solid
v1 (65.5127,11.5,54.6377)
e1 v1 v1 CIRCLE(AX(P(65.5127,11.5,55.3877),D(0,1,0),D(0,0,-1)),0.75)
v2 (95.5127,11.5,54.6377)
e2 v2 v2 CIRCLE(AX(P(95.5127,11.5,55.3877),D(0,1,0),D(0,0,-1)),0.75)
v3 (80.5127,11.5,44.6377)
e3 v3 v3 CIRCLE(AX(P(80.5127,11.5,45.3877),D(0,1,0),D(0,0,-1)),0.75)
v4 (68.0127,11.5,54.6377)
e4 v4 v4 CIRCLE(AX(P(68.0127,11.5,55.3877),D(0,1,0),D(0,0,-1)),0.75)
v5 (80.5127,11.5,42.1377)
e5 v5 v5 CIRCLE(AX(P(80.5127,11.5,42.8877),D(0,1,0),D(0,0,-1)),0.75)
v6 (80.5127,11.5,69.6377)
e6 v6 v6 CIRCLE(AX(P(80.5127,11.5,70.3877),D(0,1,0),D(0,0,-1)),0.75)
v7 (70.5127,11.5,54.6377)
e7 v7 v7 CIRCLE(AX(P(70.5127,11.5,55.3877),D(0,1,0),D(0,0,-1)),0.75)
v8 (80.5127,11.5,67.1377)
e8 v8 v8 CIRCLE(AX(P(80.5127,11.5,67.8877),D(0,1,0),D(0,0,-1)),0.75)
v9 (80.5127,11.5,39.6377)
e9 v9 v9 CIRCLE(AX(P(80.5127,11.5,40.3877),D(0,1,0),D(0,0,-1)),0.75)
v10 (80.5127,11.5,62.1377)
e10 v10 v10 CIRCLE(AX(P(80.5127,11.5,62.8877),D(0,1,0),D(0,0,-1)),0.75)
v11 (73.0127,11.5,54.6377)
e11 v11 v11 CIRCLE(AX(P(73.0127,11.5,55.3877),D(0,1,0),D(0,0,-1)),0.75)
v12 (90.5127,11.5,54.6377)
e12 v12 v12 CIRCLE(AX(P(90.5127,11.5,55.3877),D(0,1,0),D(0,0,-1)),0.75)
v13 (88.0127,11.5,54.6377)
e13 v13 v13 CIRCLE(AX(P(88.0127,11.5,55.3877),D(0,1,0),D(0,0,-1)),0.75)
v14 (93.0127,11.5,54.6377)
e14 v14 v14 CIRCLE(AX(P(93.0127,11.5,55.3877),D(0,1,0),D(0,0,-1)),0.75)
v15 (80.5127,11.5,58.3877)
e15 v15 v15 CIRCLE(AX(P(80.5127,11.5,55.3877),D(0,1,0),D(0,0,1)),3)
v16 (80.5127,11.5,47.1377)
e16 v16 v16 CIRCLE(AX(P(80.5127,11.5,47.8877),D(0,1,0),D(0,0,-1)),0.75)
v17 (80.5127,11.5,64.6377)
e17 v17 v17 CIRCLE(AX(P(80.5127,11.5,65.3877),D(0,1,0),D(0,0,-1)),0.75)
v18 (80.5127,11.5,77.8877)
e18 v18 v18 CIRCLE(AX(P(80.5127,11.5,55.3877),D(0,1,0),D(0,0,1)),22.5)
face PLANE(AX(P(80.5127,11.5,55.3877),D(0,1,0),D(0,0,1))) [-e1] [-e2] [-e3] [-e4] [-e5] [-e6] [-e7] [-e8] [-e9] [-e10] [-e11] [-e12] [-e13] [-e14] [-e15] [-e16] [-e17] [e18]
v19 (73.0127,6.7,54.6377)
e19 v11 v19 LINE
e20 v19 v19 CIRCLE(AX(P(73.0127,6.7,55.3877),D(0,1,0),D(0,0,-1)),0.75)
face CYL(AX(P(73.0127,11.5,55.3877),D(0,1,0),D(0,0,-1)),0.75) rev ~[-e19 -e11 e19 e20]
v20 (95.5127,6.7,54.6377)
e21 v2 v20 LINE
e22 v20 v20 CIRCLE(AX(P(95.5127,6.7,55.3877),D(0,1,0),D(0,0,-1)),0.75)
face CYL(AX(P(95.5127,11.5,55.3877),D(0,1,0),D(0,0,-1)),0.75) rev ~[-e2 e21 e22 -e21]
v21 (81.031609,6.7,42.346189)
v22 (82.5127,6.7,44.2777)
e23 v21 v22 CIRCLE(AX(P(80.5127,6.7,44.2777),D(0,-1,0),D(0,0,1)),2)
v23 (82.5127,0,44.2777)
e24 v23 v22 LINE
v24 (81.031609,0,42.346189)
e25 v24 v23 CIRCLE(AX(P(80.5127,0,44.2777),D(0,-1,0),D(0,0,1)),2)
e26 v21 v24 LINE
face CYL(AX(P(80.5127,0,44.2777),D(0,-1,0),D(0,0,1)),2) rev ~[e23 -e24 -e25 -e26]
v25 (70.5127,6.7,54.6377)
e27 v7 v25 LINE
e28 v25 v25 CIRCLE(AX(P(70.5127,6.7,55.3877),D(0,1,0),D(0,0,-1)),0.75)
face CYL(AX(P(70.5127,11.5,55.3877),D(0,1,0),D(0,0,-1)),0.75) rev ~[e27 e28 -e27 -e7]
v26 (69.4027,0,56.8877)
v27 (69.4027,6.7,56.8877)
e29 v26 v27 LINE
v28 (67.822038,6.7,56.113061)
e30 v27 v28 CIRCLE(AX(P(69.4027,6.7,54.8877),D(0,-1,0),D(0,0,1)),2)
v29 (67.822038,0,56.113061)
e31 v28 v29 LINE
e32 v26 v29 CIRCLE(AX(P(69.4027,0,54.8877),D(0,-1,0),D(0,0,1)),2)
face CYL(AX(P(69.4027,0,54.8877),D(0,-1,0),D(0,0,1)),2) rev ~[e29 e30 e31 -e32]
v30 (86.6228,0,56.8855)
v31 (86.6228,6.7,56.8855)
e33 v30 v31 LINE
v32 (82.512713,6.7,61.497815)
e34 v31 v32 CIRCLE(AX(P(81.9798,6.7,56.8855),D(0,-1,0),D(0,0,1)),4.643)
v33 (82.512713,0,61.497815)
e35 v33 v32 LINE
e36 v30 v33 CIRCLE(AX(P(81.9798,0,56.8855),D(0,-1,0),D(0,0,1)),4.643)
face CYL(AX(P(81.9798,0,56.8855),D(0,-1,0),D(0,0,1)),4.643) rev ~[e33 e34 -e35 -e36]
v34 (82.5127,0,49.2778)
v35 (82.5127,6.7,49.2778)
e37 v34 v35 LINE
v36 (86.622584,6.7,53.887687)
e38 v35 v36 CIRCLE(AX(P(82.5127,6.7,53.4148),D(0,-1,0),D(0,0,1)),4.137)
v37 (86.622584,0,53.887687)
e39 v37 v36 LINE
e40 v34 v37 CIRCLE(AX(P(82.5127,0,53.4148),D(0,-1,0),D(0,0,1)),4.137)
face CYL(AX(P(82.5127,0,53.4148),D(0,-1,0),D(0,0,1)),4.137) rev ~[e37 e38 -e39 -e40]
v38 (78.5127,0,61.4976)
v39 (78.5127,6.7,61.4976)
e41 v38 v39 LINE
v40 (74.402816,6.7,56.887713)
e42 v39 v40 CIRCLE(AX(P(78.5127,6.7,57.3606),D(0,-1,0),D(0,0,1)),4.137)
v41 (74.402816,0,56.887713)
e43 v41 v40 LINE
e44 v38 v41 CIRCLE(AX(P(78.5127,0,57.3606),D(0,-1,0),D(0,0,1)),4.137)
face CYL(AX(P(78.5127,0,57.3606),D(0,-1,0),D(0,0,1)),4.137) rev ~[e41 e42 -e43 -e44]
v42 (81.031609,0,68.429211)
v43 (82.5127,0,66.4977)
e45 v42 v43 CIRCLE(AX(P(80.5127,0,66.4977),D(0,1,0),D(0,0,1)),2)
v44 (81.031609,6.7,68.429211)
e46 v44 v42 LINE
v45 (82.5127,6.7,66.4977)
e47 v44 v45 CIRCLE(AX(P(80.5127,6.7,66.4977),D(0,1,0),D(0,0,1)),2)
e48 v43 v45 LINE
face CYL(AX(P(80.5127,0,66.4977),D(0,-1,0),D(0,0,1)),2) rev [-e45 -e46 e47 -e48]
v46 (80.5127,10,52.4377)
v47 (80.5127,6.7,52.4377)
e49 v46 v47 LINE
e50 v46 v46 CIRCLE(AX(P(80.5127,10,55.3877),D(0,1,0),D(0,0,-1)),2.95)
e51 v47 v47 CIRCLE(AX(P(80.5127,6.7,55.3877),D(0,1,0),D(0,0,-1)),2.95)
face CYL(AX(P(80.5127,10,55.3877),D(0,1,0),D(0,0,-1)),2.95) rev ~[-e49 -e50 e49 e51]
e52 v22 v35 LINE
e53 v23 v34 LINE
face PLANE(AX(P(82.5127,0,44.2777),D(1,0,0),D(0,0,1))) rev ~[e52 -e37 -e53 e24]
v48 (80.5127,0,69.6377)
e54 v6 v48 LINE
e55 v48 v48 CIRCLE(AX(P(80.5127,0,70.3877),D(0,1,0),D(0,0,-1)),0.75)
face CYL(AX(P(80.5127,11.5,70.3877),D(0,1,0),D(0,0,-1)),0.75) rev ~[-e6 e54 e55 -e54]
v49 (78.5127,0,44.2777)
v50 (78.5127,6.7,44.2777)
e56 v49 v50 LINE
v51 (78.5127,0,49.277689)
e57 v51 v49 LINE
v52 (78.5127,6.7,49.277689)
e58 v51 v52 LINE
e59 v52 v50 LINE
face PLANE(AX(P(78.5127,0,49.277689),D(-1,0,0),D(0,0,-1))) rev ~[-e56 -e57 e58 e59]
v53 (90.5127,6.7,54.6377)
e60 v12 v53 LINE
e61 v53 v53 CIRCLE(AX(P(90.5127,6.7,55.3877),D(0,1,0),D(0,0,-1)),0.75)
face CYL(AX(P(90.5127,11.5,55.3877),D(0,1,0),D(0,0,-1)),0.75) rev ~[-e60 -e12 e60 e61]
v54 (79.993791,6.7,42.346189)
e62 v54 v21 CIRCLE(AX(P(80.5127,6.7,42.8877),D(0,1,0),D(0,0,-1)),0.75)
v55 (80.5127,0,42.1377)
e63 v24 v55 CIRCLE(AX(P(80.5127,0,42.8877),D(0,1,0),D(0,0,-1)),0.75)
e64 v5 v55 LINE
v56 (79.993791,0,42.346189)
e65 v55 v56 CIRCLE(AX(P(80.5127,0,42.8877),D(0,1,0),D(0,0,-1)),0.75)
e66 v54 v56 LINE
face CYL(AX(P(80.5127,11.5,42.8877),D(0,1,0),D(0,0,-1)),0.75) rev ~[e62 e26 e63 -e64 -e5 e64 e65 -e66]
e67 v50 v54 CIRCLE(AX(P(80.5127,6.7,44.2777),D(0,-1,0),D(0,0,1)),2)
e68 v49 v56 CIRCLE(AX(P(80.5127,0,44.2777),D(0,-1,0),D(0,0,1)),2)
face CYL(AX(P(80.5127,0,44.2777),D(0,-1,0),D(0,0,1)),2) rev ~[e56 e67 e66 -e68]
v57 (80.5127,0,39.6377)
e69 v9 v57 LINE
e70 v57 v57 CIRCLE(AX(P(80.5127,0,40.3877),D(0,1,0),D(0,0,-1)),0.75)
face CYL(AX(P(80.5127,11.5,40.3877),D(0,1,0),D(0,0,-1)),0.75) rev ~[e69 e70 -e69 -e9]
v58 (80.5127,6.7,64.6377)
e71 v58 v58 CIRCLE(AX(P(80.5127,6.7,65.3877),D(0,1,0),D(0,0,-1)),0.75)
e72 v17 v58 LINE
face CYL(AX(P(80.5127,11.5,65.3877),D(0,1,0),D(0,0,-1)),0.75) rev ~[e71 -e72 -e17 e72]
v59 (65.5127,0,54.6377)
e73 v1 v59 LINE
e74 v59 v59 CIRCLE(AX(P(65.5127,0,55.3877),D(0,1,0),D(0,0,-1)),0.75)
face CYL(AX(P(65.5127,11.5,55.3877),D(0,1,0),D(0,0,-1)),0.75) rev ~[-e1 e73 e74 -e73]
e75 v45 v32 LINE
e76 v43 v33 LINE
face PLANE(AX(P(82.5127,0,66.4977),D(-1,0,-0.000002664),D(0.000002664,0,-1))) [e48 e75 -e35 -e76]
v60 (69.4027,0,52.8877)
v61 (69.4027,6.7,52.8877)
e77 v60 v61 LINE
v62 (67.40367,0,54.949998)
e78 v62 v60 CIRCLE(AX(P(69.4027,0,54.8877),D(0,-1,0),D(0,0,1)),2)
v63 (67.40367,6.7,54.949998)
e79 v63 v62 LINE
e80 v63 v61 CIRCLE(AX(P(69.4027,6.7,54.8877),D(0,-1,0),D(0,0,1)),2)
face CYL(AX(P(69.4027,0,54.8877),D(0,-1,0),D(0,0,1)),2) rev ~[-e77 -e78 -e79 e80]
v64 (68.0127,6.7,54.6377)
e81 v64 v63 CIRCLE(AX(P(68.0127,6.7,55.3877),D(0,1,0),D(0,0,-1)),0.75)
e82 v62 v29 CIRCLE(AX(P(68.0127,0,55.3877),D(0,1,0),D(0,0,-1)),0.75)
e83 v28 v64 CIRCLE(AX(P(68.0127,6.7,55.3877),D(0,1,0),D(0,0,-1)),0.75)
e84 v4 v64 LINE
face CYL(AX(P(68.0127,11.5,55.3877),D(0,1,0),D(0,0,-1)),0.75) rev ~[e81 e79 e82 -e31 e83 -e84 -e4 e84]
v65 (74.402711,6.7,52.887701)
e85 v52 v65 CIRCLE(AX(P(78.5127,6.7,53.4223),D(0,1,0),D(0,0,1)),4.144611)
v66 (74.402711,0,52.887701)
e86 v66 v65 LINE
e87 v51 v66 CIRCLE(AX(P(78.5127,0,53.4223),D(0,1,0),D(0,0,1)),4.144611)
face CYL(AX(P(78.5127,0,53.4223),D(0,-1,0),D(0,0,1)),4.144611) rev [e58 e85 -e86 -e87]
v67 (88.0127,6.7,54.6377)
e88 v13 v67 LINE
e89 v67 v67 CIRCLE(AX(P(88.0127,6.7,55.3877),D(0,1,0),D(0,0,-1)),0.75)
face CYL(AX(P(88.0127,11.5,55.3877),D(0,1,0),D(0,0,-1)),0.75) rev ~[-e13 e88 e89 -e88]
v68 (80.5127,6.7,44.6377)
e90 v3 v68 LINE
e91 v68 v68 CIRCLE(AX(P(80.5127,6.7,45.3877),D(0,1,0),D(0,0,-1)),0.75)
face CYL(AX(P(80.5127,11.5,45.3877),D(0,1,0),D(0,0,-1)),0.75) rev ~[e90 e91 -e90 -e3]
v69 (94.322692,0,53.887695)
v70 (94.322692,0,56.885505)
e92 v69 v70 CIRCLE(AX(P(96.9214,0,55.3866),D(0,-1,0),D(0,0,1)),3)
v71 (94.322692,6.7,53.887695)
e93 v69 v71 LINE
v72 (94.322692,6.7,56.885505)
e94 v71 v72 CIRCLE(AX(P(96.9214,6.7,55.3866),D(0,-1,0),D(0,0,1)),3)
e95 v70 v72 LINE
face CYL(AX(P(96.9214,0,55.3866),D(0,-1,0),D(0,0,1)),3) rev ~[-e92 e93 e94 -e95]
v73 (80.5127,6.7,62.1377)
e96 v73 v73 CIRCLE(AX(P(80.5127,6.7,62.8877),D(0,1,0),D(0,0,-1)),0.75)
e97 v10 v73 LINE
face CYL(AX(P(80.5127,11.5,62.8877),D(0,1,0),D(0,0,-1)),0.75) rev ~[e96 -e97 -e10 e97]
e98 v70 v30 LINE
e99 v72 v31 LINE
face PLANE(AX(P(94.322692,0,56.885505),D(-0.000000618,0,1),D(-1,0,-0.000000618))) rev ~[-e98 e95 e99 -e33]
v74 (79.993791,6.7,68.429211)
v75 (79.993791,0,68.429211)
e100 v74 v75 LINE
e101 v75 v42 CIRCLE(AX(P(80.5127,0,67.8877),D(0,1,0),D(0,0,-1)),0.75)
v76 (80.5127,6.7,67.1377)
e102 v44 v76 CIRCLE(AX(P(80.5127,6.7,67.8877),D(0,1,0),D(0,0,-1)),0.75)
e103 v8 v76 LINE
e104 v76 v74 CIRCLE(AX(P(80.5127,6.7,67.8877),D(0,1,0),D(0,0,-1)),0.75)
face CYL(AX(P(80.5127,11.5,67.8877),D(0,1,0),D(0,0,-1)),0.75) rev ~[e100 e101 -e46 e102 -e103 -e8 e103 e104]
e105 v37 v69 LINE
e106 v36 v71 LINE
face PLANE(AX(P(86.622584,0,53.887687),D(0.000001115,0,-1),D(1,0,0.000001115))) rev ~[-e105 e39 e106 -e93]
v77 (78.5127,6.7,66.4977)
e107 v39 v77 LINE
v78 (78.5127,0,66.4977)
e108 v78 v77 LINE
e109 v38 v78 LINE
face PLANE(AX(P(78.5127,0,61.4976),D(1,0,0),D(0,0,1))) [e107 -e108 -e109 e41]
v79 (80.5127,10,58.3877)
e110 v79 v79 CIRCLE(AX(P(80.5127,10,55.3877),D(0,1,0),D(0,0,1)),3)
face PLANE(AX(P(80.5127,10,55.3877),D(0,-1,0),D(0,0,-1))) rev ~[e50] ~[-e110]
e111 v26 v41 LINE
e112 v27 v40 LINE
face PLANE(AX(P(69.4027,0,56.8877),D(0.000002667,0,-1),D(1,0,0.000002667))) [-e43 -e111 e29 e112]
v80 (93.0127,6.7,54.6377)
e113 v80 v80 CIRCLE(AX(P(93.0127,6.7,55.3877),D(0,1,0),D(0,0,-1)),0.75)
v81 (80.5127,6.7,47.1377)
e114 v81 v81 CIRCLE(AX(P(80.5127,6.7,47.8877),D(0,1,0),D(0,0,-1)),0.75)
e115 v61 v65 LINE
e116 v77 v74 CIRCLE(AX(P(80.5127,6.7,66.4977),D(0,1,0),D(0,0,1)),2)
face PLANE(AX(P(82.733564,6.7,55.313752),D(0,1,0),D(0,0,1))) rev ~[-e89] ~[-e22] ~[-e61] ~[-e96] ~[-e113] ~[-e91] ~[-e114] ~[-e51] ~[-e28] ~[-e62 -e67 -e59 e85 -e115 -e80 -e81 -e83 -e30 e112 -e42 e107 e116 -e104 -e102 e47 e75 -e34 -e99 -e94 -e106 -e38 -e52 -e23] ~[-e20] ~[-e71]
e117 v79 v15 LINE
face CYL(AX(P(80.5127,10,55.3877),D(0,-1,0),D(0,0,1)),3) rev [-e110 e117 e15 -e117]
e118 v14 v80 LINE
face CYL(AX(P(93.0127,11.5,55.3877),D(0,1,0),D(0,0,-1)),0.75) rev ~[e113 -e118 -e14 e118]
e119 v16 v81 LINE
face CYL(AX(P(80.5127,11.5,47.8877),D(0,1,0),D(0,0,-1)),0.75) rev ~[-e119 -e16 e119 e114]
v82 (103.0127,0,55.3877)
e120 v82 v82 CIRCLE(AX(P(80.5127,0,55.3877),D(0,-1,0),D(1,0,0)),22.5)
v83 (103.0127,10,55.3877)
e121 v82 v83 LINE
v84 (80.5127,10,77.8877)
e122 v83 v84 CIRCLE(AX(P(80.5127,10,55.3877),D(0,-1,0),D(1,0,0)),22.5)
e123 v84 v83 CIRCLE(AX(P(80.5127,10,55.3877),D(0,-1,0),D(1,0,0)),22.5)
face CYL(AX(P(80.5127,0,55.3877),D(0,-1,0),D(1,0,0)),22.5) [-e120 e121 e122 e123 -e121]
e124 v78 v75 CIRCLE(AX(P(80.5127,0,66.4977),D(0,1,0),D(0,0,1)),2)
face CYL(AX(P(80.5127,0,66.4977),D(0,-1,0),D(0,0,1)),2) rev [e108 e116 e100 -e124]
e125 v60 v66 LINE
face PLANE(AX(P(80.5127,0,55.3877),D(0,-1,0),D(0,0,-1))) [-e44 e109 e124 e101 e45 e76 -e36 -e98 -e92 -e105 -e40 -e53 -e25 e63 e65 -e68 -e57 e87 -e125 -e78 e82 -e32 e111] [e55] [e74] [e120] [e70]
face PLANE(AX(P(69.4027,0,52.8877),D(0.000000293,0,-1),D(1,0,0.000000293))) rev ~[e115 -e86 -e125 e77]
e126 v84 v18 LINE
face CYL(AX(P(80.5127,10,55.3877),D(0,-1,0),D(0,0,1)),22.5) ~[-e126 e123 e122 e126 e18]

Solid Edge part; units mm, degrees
sketch "Sketch1" plane through (0, 0, 0) normal (0, -1, 0) x (1, 0, 0)
  circle A0 centre (80.5127, 55.3877) radius 22.5
  dimension "D1" = 45
extrude "Protrusion1" add sketch "Sketch1" against normal blind 10
sketch "Sketch2" plane through (80.5127, 10, 55.3877) normal (0, 1, 0) x (0, 0, -1)
  circle A0 centre (0, 0) radius 2.95
  dimension "D1" = 5.9
extrude "ExtrudedCutout_5" cut sketch "Sketch2" against normal blind 4
sketch "Sketch3" plane through (80.5127, 6, 55.3877) normal (0, 1, 0) x (-1, 0, 0)
  circle A0 centre (0, 0) radius 1.05
  dimension "D1" = 2.1
extrude "Cutout1" cut sketch "Sketch3" against normal up to next
sketch "Sketch4" plane through (80.5127, 5, 51.1598) normal (0, -1, 0) x (1, 0, 0)
  circle A0 centre (0, 4.2279) radius 3.55
extrude "ExtrudedCutout_7" cut sketch "Sketch4" against normal blind 0.5
chamfer "Chamfer_2" distance 1.9 distance2 0.5 1 edges at (80.5127, 6, 58.3377) measured on face at (78.605, 6, 53.362)
sketch "Sketch5" plane through (80.5127, 10, 55.3877) normal (0, 1, 0) x (0, 0, 1)
  circle A0 centre (0, 0) radius 22.5
  circle A1 centre (0, 0) radius 3
  dimension "D1" = 45
extrude "ExtrudedProtrusion_4" add sketch "Sketch5" along normal blind 1.5
sketch "Sketch6" plane through (80.5127, 0, 55.3877) normal (0, -1, 0) x (0, 0, 1)
  line L0 (1.5, 11.11) -> (1.5, 6.11)
  arc A0 (6.11, 2) -> (1.5, 6.11) centre (1.9729, 2) ccw
  line L1 (6.11, 2) -> (11.11, 2)
  arc A1 (11.11, 2) -> (11.11, -2) centre (11.11, 0) cw
  line L2 (11.11, -2) -> (6.11, -2)
  arc A2 (1.4978, -6.11) -> (6.11, -2) centre (1.4978, -1.4671) ccw
  line L3 (1.4978, -13.81) -> (1.4978, -6.11)
  arc A3 (-1.5, -13.81) -> (1.4978, -13.81) centre (-0.0011, -16.4087) ccw
  line L4 (-1.5, -6.11) -> (-1.5, -13.81)
  arc A4 (-6.11, -2) -> (-1.5, -6.11) centre (-1.9729, -2) ccw
  line L5 (-11.11, -2) -> (-6.11, -2)
  arc A5 (-11.11, 2) -> (-11.11, -2) centre (-11.11, 0) ccw
  line L6 (-6.11, 2) -> (-11.11, 2)
  arc A6 (-6.11, 2) -> (-2.5, 6.11) centre (-1.9654, 2) cw
  line L7 (-2.5, 11.11) -> (-2.5, 6.11)
  arc A7 (1.5, 11.11) -> (-2.5, 11.11) centre (-0.5, 11.11) ccw
  dimension "D1" = 5
  dimension "D2" = 6.11
  dimension "D3" = 1.5
  dimension "D4" = 2
  dimension "D5" = 5
  dimension "D6" = 5
  dimension "D7" = 2
  dimension "D8" = 5
  dimension "D9" = 5
  dimension "D10" = 2
  dimension "D11" = 6.11
  dimension "D12" = 6.11
  dimension "D13" = 7.7
  dimension "D14" = 6.11
  dimension "D15" = 1.5
  dimension "D16" = 7.7
  dimension "D17" = 5
  dimension "D18" = 3
extrude "ExtrudedCutout_9" cut sketch "Sketch6" against normal blind 6.7
sketch "Sketch7" plane through (80.5127, 11.5, 55.3877) normal (0, 1, 0) x (0, 0, -1)
  circle A0 centre (7.5, 0) radius 0.75
  circle A1 centre (10, 0) radius 0.75
  circle A2 centre (12.5, 0) radius 0.75
  circle A3 centre (15, 0) radius 0.75
  circle A4 centre (-15, 0) radius 0.75
  circle A5 centre (-12.5, 0) radius 0.75
  circle A6 centre (-10, 0) radius 0.75
  circle A7 centre (-7.5, 0) radius 0.75
  circle A8 centre (0, -10) radius 0.75
  circle A9 centre (0, -12.5) radius 0.75
  circle A10 centre (0, -15) radius 0.75
  circle A11 centre (0, -7.5) radius 0.75
  circle A12 centre (0, 7.5) radius 0.75
  circle A13 centre (0, 10) radius 0.75
  circle A14 centre (0, 12.5) radius 0.75
  circle A15 centre (0, 15) radius 0.75
  dimension "D1" = 7.5
  dimension "D2" = 1.5
  dimension "D3" = 10
  dimension "D4" = 1.5
  dimension "D5" = 12.5
  dimension "D6" = 15
  dimension "D7" = 7.5
  dimension "D8" = 10
  dimension "D9" = 12.5
  dimension "D10" = 15
  dimension "D11" = 1.5
  dimension "D12" = 7.5
  dimension "D13" = 10
  dimension "D14" = 12.5
  dimension "D15" = 15
  dimension "D16" = 1.5
  dimension "D17" = 1.5
  dimension "D18" = 7.5
  dimension "D19" = 10
  dimension "D20" = 12.5
  dimension "D21" = 1.5
  dimension "D22" = 15
extrude "Cutout2" cut sketch "Sketch7" against normal through all
